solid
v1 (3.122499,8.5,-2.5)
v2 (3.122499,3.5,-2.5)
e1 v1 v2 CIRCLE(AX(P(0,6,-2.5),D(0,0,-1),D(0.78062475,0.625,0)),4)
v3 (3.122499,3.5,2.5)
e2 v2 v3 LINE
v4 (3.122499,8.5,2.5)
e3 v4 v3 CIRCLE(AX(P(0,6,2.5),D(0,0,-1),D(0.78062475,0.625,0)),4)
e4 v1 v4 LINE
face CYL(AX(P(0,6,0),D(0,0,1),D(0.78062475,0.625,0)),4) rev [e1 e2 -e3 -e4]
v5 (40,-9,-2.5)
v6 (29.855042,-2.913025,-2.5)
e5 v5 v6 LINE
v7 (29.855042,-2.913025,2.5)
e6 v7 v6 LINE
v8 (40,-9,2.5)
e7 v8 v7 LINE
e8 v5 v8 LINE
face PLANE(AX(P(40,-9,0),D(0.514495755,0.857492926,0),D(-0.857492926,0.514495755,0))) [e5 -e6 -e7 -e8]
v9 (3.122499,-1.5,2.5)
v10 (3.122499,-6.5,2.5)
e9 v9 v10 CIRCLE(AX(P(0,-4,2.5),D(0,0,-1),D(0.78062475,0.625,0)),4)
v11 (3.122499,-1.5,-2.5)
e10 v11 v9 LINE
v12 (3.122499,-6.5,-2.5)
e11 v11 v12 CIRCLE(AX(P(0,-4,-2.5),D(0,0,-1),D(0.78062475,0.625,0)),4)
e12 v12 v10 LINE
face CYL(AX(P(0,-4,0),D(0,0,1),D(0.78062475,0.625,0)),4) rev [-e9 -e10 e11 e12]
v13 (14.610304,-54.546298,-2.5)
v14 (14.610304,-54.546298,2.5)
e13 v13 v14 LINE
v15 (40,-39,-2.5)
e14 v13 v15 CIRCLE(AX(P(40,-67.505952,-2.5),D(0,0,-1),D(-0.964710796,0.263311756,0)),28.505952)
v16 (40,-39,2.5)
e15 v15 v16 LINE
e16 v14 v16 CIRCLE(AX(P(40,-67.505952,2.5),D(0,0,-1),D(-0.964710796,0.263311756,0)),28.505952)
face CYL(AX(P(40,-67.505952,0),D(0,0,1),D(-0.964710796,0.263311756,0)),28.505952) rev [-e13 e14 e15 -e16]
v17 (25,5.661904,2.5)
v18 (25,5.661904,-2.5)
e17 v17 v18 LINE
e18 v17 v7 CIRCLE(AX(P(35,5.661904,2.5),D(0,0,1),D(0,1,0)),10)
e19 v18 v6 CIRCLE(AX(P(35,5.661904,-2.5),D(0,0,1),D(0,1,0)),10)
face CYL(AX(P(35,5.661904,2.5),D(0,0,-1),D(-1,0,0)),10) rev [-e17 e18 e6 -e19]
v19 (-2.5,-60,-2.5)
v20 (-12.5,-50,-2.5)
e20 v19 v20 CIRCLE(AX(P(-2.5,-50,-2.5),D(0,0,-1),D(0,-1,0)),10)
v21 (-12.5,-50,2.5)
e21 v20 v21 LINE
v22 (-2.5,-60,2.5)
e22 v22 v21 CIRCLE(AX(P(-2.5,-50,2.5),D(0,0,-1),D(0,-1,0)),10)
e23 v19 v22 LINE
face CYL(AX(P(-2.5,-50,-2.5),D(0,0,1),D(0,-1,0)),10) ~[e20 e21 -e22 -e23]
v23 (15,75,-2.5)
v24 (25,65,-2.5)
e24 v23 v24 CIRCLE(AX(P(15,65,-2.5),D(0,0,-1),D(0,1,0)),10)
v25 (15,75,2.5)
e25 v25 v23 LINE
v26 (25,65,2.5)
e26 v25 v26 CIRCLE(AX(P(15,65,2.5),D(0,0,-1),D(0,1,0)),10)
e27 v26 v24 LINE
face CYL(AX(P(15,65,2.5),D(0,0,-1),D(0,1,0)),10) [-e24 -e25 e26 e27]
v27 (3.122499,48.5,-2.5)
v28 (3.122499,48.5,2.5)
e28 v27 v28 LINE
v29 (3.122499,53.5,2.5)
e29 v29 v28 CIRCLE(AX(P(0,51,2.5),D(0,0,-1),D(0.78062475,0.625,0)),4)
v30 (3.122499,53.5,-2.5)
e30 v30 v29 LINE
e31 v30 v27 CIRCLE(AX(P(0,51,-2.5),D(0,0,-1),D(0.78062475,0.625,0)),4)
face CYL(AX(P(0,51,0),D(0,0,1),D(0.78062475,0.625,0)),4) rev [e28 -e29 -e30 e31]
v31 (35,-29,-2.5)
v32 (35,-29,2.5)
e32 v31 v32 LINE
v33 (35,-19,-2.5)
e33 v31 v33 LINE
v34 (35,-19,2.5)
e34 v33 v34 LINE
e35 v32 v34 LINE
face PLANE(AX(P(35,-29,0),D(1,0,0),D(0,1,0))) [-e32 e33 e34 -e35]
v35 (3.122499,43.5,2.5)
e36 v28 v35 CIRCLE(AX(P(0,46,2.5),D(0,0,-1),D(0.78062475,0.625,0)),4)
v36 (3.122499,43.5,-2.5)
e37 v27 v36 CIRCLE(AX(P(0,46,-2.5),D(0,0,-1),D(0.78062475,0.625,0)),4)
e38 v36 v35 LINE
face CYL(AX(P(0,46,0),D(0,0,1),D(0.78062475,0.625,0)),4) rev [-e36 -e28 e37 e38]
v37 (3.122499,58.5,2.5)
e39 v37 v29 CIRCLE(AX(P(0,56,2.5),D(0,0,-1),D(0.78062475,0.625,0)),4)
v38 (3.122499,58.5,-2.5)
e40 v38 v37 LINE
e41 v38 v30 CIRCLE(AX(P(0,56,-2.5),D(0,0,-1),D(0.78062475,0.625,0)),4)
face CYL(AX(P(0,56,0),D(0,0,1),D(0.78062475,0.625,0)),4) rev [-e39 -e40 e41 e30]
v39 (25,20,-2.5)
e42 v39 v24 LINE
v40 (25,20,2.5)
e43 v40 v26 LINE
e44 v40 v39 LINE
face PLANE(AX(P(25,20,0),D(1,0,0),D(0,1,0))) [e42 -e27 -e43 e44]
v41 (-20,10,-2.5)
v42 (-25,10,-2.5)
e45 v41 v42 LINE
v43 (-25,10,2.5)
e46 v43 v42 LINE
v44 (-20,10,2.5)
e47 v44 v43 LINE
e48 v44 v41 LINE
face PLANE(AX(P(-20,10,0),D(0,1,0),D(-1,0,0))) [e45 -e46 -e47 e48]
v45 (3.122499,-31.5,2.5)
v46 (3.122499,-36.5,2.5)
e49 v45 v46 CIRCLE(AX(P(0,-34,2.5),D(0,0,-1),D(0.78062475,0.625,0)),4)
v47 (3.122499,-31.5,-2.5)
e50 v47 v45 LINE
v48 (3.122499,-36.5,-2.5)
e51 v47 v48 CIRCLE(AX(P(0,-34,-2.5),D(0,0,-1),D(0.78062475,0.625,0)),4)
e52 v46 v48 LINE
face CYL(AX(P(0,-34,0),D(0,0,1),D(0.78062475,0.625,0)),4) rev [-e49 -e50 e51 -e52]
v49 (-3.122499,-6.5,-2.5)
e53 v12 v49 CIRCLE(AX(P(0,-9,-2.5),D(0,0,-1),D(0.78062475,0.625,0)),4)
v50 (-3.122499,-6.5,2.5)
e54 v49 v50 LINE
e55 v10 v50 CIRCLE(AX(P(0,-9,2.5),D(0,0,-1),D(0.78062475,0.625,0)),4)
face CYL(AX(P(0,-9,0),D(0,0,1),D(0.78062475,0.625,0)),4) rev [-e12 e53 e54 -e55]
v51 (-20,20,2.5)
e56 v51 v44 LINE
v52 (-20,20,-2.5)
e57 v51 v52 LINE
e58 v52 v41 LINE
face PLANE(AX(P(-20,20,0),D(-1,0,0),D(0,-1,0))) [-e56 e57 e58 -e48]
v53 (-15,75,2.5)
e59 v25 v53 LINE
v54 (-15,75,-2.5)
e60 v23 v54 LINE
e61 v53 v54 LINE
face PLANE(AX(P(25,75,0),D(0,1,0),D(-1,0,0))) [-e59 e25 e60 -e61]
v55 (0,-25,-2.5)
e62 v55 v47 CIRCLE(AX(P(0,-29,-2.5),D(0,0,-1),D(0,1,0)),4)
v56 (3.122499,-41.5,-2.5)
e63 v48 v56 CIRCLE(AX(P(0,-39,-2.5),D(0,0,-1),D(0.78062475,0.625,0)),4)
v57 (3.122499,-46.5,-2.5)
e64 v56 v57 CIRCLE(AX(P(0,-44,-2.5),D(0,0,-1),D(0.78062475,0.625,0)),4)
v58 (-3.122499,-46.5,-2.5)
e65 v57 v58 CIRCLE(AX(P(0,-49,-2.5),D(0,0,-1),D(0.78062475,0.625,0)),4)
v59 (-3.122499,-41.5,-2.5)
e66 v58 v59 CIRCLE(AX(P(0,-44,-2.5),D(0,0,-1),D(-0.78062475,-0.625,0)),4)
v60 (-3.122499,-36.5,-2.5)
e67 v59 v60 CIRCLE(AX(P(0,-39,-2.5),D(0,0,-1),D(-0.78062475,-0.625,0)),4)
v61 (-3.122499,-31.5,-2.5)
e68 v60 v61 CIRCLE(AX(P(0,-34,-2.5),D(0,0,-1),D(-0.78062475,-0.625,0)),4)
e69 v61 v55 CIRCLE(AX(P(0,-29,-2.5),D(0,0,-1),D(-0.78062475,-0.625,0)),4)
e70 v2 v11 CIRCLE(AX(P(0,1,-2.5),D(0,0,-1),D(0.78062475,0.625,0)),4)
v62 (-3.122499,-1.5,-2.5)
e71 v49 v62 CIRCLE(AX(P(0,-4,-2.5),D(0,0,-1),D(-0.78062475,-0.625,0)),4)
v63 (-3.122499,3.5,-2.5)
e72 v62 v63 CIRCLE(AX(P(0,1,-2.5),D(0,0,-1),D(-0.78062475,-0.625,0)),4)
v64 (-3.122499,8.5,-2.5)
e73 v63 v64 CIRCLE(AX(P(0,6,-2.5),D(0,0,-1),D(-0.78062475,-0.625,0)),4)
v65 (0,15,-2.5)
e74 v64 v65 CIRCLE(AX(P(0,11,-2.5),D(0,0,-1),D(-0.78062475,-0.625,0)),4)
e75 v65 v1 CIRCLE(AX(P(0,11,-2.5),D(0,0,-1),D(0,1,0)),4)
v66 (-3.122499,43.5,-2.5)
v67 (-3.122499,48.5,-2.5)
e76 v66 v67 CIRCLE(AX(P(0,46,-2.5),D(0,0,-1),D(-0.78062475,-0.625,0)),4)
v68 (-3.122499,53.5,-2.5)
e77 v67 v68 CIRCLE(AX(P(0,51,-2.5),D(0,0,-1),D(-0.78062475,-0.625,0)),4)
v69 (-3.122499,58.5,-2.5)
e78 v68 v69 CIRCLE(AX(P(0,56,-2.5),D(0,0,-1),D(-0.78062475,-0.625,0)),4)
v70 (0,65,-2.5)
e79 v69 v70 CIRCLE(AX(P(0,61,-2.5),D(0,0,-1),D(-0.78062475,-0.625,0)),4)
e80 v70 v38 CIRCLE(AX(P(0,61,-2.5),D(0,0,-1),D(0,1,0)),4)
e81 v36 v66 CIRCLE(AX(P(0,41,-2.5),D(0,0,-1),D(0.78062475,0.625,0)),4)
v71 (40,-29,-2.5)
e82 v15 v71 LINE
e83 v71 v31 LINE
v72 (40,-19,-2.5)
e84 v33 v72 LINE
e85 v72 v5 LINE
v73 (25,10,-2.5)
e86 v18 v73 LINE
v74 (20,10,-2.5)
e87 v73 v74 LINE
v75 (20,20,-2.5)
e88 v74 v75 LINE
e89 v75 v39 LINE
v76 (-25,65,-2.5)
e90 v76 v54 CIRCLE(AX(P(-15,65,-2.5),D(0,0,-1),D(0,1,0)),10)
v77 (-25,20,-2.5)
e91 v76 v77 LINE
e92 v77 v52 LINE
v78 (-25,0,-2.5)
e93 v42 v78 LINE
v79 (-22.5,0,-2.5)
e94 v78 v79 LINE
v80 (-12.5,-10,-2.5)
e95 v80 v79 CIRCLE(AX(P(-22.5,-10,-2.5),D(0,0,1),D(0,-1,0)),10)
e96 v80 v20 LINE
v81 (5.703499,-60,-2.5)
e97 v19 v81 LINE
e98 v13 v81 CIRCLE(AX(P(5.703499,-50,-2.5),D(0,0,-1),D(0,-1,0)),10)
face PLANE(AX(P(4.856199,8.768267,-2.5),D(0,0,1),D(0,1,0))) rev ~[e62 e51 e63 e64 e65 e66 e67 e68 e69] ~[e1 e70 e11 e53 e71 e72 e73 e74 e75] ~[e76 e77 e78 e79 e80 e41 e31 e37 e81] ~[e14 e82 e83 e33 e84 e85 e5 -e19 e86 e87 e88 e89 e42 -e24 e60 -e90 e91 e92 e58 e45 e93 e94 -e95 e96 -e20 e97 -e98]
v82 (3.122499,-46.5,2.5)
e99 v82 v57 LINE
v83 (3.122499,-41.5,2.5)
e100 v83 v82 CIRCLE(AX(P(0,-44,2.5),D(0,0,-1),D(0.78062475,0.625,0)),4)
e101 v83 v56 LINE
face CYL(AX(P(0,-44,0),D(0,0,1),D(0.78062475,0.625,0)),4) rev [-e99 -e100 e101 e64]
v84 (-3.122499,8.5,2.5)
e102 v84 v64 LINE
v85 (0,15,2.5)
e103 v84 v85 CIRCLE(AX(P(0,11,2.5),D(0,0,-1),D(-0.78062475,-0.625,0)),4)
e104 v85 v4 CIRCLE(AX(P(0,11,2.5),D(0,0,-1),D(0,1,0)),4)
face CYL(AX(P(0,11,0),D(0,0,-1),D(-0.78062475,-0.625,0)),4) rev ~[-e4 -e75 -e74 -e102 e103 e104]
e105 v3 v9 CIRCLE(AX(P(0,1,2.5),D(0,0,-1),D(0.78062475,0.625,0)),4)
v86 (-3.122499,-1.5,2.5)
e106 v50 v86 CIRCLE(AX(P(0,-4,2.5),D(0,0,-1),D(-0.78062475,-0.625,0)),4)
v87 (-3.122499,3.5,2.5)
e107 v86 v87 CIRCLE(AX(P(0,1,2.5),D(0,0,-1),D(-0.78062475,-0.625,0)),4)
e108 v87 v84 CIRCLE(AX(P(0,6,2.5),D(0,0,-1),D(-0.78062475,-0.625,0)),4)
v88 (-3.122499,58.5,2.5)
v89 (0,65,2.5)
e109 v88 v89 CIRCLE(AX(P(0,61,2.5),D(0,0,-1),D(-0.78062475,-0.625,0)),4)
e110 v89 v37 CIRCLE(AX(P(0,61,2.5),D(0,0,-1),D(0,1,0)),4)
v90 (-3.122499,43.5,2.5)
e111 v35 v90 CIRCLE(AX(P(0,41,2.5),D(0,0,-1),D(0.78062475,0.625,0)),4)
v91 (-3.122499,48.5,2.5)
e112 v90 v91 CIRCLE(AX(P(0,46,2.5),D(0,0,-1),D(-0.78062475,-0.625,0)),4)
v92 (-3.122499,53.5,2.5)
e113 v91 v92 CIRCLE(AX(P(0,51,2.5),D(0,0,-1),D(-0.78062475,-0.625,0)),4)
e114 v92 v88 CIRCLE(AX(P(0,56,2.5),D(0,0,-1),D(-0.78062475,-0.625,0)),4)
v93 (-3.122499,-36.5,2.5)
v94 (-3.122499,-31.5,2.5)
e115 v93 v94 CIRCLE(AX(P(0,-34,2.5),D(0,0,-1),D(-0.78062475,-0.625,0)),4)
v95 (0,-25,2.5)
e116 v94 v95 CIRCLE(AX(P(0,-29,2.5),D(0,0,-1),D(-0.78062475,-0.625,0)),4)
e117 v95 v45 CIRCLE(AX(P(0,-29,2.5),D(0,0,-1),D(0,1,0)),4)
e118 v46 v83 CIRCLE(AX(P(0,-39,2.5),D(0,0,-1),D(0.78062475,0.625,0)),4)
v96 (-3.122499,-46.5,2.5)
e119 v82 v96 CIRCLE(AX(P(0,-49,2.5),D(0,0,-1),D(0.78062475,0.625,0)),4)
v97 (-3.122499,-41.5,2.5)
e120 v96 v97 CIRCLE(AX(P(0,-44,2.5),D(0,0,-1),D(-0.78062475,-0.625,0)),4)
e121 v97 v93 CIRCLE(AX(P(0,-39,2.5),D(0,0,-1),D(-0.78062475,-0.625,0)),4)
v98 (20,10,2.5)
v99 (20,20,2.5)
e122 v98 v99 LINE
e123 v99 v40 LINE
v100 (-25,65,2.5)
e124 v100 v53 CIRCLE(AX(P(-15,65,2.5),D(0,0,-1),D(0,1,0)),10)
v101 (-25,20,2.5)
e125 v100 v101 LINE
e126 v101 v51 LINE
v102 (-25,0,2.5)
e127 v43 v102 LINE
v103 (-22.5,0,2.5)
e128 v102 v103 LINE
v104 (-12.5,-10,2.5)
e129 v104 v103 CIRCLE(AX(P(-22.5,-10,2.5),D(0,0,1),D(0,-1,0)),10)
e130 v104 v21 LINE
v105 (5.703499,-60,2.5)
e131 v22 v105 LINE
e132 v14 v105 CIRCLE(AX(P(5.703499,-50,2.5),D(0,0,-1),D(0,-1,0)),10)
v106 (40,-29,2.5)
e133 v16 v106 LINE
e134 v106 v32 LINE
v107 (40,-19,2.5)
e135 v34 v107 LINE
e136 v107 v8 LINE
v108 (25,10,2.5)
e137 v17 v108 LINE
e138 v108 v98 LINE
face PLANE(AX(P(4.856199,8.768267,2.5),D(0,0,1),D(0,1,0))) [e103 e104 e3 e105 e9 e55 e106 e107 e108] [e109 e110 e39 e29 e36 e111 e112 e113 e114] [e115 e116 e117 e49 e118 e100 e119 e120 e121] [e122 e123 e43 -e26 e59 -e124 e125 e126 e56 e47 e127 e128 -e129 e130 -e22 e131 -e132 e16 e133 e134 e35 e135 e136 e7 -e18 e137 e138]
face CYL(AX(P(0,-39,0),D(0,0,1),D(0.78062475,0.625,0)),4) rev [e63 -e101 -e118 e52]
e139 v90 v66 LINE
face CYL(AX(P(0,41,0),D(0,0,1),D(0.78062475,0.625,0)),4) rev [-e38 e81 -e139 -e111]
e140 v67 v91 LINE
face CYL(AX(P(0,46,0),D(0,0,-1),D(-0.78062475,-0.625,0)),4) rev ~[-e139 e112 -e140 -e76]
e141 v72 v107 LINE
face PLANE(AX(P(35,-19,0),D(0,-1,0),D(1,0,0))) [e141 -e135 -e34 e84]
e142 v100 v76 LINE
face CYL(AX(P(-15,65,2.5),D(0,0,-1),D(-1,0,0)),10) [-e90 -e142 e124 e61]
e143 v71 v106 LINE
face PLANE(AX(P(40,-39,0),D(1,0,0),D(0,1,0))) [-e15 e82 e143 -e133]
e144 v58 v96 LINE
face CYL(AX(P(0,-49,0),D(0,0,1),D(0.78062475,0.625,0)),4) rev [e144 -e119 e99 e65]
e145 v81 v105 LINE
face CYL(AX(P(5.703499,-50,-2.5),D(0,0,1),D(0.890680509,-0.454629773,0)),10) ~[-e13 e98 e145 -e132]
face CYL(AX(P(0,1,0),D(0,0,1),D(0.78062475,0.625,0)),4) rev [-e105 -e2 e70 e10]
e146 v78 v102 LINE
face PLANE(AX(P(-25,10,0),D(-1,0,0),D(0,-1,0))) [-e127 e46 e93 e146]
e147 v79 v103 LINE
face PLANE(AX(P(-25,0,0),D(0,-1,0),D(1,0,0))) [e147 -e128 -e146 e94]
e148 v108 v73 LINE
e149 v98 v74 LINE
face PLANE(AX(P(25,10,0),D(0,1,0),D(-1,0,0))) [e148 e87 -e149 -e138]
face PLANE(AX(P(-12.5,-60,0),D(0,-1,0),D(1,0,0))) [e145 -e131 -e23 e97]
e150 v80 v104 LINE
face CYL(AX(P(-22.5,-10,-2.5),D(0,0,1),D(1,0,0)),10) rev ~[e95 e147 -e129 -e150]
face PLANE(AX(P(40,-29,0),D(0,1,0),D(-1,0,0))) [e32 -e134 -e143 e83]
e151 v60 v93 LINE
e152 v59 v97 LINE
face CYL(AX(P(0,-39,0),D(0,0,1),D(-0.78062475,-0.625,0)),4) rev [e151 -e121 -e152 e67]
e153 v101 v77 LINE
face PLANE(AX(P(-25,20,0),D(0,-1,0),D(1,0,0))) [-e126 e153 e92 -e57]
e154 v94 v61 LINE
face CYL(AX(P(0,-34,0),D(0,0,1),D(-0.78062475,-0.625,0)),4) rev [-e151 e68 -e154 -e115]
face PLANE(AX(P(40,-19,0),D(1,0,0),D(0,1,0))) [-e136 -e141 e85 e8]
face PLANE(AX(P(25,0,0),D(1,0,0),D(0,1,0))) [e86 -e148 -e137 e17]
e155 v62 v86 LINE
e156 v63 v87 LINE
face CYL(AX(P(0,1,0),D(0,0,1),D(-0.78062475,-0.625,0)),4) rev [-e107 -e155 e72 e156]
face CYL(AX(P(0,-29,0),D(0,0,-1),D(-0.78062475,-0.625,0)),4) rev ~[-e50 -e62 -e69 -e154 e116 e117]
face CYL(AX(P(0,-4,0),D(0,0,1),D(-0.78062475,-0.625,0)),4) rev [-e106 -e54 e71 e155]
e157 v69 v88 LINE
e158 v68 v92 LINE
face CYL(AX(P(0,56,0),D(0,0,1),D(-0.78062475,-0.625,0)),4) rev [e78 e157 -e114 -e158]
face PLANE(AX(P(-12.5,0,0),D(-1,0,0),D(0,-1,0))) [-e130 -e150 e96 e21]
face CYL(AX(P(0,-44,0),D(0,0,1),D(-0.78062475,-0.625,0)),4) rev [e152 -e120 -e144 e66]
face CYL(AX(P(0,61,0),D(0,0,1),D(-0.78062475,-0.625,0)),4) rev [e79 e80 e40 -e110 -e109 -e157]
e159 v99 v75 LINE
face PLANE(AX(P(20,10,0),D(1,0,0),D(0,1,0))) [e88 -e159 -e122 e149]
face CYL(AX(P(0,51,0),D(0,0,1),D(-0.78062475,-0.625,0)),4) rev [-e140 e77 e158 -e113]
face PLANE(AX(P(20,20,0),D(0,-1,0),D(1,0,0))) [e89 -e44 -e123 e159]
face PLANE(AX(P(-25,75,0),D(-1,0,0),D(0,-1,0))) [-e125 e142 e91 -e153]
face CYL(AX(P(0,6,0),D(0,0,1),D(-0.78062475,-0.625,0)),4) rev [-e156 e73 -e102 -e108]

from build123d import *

# Parameters (mm, degrees)
BOSS_EXTRUDE1_DEPTH = 2.5
FILLET1_R           = 10


with BuildPart() as part:
    # Sketch1 → Boss-Extrude1 (new, symmetric)
    with BuildSketch(Plane(origin=(0, 0, 0), x_dir=(0, 1, 0), z_dir=(0, 0, 1))):
        with BuildLine():
            Line((10, 25), (0, 25))
            Line((0, 25), (0, 12.5))
            Line((0, 12.5), (-60, 12.5))
            Line((-60, 12.5), (-60, -12.5))
            ThreePointArc((-60, -12.5), (-44.850338923, -22.699349723), (-39, -40))
            Line((-39, -40), (-29, -40))
            Line((-29, -40), (-29, -35))
            Line((-29, -35), (-19, -35))
            Line((-19, -35), (-19, -40))
            Line((-19, -40), (-9, -40))
            Line((-9, -40), (0, -25))
            Line((0, -25), (10, -25))
            Line((10, -25), (10, -20))
            Line((10, -20), (20, -20))
            Line((20, -20), (20, -25))
            Line((20, -25), (75, -25))
            Line((75, -25), (75, 25))
            Line((75, 25), (20, 25))
            Line((20, 25), (20, 20))
            Line((20, 20), (10, 20))
            Line((10, 20), (10, 25))
        make_face()
        with BuildLine():
            ThreePointArc((-46.5, 3.122498999), (-44, 4), (-41.5, 3.122498999))
            ThreePointArc((-41.5, 3.122498999), (-39, 4), (-36.5, 3.122498999))
            ThreePointArc((-36.5, 3.122498999), (-34, 4), (-31.5, 3.122498999))
            ThreePointArc((-31.5, 3.122498999), (-27.267949192, 3.605551275), (-25, 0))
            ThreePointArc((-25, 0), (-27.267949192, -3.605551275), (-31.5, -3.122498999))
            ThreePointArc((-31.5, -3.122498999), (-34, -4), (-36.5, -3.122498999))
            ThreePointArc((-36.5, -3.122498999), (-39, -4), (-41.5, -3.122498999))
            ThreePointArc((-41.5, -3.122498999), (-44, -4), (-46.5, -3.122498999))
            ThreePointArc((-46.5, -3.122498999), (-53, 0), (-46.5, 3.122498999))
        make_face(mode=Mode.SUBTRACT)
        with BuildLine():
            ThreePointArc((-6.5, 3.122498999), (-4, 4), (-1.5, 3.122498999))
            ThreePointArc((-1.5, 3.122498999), (1, 4), (3.5, 3.122498999))
            ThreePointArc((3.5, 3.122498999), (6, 4), (8.5, 3.122498999))
            ThreePointArc((8.5, 3.122498999), (12.732050808, 3.605551275), (15, 0))
            ThreePointArc((15, 0), (12.732050808, -3.605551275), (8.5, -3.122498999))
            ThreePointArc((8.5, -3.122498999), (6, -4), (3.5, -3.122498999))
            ThreePointArc((3.5, -3.122498999), (1, -4), (-1.5, -3.122498999))
            ThreePointArc((-1.5, -3.122498999), (-4, -4), (-6.5, -3.122498999))
            ThreePointArc((-6.5, -3.122498999), (-13, 0), (-6.5, 3.122498999))
        make_face(mode=Mode.SUBTRACT)
        with BuildLine():
            ThreePointArc((43.5, 3.122498999), (46, 4), (48.5, 3.122498999))
            ThreePointArc((48.5, 3.122498999), (51, 4), (53.5, 3.122498999))
            ThreePointArc((53.5, 3.122498999), (56, 4), (58.5, 3.122498999))
            ThreePointArc((58.5, 3.122498999), (62.732050808, 3.605551275), (65, 0))
            ThreePointArc((65, 0), (62.732050808, -3.605551275), (58.5, -3.122498999))
            ThreePointArc((58.5, -3.122498999), (56, -4), (53.5, -3.122498999))
            ThreePointArc((53.5, -3.122498999), (51, -4), (48.5, -3.122498999))
            ThreePointArc((48.5, -3.122498999), (46, -4), (43.5, -3.122498999))
            ThreePointArc((43.5, -3.122498999), (37, 0), (43.5, 3.122498999))
        make_face(mode=Mode.SUBTRACT)
    extrude(amount=BOSS_EXTRUDE1_DEPTH, both=True)

    # Fillet1
    fillet1_edges = [part.edges().sort_by_distance(p)[0] for p in [
        (-12.5, -60, 0),
        (-12.5, 0, 0),
        (-25, 75, 0),
        (25, 75, 0),
        (25, 0, 0),
        (12.5, -60, 0),
    ]]
    fillet(fillet1_edges, radius=FILLET1_R)


solid = part.part
